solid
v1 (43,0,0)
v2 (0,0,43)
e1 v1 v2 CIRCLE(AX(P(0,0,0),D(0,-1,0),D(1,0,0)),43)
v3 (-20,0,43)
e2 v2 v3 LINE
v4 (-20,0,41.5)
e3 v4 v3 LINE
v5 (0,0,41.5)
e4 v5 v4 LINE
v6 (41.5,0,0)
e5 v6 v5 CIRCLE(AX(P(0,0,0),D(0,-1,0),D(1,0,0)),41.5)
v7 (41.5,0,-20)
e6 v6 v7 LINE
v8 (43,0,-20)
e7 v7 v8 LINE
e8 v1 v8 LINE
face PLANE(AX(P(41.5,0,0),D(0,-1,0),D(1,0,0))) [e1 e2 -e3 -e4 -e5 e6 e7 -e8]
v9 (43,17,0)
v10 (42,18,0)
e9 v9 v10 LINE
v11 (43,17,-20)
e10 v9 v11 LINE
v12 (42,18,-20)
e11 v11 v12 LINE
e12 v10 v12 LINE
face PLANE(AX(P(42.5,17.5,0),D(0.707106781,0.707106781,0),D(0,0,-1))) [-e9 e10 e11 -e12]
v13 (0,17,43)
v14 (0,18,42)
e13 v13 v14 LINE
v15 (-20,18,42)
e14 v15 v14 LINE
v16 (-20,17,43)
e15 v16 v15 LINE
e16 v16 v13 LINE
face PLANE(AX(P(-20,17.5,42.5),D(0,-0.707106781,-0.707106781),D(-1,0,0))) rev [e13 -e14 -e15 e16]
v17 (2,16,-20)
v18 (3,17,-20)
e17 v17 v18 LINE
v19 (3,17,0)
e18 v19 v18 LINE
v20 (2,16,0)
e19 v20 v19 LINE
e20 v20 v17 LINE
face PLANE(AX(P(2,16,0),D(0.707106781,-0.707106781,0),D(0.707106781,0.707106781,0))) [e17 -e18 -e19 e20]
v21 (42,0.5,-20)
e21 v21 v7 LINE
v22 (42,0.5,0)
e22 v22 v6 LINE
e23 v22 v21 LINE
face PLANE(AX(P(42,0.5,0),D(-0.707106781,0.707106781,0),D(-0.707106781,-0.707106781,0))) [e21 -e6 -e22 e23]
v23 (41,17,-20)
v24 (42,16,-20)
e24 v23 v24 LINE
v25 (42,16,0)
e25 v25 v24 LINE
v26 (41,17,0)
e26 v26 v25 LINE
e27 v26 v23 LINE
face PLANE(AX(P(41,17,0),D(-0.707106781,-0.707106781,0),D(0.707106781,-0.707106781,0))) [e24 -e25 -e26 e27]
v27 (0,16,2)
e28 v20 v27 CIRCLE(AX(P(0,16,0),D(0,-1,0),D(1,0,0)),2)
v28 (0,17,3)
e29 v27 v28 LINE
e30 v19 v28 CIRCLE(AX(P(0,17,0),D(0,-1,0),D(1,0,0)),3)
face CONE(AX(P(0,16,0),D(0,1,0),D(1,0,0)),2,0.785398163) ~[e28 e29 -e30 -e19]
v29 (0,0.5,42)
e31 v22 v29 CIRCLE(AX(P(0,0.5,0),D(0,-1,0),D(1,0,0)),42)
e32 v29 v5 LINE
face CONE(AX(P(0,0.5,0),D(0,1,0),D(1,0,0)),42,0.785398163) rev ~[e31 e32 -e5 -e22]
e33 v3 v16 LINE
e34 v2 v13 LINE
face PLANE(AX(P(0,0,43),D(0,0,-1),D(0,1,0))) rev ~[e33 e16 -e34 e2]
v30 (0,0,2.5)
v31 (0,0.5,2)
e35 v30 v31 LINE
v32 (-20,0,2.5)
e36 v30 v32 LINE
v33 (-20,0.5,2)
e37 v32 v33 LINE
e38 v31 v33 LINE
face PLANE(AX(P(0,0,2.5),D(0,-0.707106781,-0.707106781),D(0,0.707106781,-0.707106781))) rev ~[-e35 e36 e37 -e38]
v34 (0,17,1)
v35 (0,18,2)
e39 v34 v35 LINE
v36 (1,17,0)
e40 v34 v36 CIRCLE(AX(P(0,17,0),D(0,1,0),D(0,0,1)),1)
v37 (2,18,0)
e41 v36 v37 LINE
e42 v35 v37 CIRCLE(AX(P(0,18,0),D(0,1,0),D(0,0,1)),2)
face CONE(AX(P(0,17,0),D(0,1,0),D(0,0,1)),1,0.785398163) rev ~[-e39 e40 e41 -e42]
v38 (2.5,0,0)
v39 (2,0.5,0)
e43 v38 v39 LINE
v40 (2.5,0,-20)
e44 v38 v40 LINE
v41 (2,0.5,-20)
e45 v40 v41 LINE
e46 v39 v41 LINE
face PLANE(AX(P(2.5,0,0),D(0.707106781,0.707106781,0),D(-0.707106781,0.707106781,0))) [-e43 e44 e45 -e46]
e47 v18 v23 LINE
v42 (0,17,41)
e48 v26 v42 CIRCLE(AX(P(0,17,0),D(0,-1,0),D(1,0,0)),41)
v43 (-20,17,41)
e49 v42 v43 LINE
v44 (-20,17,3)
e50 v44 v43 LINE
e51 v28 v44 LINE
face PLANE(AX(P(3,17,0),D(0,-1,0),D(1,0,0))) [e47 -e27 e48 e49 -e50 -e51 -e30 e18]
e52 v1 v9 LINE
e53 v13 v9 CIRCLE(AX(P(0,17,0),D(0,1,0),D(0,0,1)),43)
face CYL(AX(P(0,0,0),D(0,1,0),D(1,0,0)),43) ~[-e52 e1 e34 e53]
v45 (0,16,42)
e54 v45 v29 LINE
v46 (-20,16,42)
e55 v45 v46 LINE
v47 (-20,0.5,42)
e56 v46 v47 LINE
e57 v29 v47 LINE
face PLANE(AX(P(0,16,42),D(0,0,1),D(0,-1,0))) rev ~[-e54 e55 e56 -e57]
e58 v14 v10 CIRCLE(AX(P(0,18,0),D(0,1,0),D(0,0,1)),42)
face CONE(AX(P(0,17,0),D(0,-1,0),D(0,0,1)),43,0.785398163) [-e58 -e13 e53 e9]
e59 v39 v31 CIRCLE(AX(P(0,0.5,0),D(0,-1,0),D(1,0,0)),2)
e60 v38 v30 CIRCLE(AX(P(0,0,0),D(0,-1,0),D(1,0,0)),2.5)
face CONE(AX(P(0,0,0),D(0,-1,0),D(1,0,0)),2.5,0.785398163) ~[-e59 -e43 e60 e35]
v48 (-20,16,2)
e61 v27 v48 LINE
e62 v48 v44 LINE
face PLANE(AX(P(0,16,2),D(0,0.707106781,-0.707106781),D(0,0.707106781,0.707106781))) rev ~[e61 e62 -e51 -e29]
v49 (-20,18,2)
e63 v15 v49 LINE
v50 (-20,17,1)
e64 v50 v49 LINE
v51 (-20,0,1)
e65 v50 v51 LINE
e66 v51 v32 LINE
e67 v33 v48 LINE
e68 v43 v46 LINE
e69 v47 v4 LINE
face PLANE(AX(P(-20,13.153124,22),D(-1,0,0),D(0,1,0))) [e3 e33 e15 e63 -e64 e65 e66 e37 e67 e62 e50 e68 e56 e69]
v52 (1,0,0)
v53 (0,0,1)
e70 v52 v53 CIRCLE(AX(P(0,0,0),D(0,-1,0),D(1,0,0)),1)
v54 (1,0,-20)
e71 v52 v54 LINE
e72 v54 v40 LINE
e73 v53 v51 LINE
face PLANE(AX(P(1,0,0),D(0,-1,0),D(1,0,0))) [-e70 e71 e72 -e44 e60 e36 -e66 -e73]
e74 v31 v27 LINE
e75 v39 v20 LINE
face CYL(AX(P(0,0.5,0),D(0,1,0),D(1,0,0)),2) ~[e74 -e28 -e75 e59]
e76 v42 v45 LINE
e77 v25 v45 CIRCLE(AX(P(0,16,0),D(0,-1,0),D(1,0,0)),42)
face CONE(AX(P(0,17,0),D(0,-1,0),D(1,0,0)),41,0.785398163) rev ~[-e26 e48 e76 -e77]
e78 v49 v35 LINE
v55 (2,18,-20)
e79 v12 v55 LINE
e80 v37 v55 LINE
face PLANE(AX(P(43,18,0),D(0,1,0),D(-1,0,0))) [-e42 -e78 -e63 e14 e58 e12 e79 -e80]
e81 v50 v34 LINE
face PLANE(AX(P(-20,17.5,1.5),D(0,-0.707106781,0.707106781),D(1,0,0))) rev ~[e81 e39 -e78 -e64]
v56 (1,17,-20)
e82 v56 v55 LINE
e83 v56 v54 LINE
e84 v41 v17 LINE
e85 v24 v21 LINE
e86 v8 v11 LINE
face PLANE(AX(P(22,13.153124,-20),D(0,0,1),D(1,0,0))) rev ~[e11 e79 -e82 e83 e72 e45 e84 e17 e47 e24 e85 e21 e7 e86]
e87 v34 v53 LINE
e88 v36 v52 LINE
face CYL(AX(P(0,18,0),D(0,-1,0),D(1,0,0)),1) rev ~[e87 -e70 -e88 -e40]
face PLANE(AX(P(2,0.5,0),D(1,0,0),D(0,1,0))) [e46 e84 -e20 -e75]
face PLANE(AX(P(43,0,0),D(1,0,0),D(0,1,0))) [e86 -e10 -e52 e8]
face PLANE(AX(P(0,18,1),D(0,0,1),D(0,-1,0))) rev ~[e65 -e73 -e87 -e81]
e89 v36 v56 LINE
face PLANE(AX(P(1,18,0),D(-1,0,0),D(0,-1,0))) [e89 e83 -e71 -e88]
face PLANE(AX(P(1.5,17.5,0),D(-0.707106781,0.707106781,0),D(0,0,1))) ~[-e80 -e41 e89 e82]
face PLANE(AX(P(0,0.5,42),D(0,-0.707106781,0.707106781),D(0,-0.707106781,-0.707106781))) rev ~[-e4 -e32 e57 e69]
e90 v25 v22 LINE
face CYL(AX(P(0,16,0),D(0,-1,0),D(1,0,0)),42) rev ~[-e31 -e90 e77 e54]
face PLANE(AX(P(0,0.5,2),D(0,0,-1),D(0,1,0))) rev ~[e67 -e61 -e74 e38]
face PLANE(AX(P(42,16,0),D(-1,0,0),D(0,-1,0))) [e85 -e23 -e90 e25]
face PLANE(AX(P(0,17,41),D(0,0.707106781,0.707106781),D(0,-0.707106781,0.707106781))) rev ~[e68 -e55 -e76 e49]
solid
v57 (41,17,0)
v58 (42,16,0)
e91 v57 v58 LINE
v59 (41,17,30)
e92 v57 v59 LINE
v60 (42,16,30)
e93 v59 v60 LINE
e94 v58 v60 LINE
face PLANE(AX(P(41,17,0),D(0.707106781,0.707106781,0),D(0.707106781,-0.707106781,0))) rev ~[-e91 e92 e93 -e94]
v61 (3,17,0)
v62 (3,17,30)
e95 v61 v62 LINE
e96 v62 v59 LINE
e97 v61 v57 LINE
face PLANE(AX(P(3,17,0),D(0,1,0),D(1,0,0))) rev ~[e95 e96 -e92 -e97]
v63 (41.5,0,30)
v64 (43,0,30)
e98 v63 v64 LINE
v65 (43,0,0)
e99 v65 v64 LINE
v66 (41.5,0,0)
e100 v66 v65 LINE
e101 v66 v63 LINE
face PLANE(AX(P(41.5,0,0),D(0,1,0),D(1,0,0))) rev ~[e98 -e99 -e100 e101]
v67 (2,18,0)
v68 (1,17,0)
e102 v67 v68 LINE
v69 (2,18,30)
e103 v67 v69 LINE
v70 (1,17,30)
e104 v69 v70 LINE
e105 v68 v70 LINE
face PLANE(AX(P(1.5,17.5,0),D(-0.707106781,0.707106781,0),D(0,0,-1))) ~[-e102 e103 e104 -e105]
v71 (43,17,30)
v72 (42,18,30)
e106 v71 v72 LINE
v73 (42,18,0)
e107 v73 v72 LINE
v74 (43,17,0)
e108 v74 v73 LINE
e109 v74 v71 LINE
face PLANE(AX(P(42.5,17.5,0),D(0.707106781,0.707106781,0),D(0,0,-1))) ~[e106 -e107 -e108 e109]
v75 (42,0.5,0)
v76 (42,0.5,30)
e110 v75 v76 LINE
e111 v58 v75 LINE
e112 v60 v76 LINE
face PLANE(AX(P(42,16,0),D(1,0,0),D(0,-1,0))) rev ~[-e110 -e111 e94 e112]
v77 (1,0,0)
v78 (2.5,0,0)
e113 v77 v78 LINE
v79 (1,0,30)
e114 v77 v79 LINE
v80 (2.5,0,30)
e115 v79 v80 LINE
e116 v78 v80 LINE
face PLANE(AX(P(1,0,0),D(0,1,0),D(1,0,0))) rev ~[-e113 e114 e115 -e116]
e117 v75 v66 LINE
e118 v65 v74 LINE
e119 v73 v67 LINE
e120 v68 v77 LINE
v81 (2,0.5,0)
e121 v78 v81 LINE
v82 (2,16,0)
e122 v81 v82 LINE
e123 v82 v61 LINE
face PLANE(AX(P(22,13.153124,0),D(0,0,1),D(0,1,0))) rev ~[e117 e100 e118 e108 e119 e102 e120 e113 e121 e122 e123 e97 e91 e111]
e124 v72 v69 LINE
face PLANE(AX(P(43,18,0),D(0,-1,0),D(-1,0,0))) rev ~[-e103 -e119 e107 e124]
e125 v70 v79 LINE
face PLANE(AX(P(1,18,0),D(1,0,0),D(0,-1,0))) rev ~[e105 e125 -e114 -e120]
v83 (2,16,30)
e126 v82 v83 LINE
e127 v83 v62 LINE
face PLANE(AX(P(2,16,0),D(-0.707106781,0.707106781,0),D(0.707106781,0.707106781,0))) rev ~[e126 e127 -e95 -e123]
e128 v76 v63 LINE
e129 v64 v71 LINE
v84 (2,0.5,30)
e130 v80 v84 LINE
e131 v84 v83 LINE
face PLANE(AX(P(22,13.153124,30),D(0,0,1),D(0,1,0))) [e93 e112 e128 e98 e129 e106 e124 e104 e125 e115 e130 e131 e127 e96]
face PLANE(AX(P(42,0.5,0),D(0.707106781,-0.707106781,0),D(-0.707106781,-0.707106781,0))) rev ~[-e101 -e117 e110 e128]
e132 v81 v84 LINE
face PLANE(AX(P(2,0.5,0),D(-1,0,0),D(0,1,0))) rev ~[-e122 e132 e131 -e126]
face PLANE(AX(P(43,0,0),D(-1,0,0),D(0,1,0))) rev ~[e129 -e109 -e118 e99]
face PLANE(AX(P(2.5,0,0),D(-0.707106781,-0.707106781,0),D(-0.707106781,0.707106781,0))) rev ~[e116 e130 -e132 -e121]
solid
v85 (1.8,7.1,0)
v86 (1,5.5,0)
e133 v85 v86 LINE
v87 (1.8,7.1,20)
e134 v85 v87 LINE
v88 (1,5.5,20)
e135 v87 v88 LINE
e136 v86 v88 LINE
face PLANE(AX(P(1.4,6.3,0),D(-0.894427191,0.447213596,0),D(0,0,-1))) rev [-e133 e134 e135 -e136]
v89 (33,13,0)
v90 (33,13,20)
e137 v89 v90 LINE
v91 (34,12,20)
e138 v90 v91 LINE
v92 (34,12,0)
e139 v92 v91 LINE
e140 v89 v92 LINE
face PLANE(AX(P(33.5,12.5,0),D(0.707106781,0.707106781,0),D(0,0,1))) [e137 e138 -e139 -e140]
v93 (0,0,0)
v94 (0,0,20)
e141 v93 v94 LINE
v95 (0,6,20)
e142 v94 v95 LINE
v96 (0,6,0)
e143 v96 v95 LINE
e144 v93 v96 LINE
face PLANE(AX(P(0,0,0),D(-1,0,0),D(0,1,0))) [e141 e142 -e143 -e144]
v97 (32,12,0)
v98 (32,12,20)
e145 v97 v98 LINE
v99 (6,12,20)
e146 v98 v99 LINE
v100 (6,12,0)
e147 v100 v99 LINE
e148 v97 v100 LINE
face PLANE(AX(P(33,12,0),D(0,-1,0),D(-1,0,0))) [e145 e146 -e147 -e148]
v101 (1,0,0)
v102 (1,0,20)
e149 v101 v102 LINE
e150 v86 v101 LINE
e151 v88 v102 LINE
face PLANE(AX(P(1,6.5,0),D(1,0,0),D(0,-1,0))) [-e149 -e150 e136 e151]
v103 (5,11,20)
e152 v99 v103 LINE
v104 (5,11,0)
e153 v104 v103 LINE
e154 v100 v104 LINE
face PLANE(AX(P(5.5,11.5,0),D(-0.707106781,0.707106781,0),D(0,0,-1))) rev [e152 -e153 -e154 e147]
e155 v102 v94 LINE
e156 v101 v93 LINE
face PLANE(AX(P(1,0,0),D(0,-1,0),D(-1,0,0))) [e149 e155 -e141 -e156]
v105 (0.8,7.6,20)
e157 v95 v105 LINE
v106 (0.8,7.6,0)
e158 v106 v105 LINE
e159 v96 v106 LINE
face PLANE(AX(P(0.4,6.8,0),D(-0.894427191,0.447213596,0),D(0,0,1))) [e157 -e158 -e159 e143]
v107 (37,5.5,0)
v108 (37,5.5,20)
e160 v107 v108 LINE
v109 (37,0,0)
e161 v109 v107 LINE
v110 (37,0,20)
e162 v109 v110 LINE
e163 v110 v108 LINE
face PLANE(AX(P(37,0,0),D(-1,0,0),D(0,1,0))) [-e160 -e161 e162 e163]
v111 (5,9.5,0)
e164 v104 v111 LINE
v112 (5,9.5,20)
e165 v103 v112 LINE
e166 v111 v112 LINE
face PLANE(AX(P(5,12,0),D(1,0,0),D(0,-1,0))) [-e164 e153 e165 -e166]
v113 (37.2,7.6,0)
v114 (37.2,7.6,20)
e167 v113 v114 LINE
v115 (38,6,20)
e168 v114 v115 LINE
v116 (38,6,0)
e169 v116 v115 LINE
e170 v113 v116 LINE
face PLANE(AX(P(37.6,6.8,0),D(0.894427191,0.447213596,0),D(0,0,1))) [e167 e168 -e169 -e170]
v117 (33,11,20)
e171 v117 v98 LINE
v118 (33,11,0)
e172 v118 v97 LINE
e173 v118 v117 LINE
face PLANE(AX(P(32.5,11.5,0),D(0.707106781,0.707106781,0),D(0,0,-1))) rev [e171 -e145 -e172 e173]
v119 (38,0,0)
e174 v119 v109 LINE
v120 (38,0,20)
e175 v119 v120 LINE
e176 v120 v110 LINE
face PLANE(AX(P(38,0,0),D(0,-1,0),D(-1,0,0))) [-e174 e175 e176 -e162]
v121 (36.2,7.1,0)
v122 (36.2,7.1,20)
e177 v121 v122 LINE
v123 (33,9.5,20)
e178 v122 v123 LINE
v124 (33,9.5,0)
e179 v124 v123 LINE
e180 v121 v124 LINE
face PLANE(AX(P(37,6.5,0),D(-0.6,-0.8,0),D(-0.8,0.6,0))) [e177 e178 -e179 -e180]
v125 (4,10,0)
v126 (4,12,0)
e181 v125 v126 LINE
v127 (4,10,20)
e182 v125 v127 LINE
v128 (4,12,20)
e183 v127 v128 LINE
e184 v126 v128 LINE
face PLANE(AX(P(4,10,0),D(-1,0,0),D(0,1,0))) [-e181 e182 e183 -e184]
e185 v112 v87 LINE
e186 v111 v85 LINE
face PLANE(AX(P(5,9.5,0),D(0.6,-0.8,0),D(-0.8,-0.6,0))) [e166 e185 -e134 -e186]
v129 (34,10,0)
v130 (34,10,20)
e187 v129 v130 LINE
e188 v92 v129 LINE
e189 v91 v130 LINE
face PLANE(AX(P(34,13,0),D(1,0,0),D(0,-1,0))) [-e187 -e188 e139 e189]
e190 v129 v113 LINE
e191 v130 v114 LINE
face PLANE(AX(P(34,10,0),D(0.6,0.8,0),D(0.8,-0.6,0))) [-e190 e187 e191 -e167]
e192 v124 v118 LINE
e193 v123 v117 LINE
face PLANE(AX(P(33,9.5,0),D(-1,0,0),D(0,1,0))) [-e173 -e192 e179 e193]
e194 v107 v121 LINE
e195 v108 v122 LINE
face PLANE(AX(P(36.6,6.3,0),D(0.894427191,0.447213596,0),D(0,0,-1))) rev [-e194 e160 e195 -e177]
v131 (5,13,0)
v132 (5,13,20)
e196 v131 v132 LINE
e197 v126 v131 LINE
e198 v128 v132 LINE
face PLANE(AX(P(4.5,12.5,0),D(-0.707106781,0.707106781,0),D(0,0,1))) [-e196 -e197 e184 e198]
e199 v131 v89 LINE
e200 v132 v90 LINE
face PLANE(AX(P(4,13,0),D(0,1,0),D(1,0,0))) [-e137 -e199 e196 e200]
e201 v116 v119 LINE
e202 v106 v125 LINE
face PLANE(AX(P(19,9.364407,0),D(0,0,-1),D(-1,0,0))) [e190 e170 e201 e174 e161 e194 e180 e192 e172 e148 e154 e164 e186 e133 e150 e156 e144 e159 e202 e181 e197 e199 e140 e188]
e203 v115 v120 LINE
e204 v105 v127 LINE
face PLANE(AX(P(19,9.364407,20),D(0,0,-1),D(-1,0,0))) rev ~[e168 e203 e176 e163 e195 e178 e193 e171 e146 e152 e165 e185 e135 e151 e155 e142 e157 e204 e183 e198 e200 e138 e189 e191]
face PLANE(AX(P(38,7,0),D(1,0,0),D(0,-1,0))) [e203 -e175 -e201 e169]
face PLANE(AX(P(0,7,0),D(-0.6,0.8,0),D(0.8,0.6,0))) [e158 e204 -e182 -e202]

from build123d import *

# Parameters (mm, degrees)
PAD_DEPTH        = 20
CHAMFER_SIZE     = 1
REVOLUTION_ANGLE = -90
PAD001_DEPTH     = 20
PAD002_DEPTH     = 20
CHAMFER001_SIZE  = 1
PAD003_DEPTH     = 30
CHAMFER002_SIZE  = 1


with BuildPart() as clampbody:
    # Sketch → Pad (new body)
    with BuildSketch(Plane.XY):
        Polygon((0, 0), (0, 7), (4, 10), (4, 13), (34, 13), (34, 10), (38, 7), (38, 0), (37, 0), (37, 6.5), (33, 9.5), (33, 12), (5, 12), (5, 9.5), (1, 6.5), (1, 0), align=None)
    extrude(amount=PAD_DEPTH)

    # Chamfer
    chamfer_edges = [clampbody.edges().sort_by_distance(p)[0] for p in [
        (4, 13, 10),
        (0, 7, 10),
        (34, 13, 10),
        (38, 7, 10),
        (1, 6.5, 10),
        (5, 12, 10),
        (33, 12, 10),
        (37, 6.5, 10),
    ]]
    chamfer(chamfer_edges, length=CHAMFER_SIZE)


with BuildPart() as sidecornerbody:
    # Sketch001 → Revolution (revolve)
    with BuildSketch(Plane.XY):
        Polygon((2.5, 0), (2, 0.5), (2, 16), (3, 17), (41, 17), (42, 16), (42, 0.5), (41.5, 0), (43, 0), (43, 18), (1, 18), (1, 0), align=None)
    revolve(axis=Axis((0, 0, 0), (0, 1, 0)), revolution_arc=REVOLUTION_ANGLE)

    # Binder → Pad001 (new body)
    with BuildSketch(Plane(origin=(0, 13.471953, 22), x_dir=(0, 1, 0), z_dir=(-1, 0, 0))):
        Polygon((3.528047, 19), (3.528047, -19), (2.528047, -20), (-12.971953, -20), (-13.471953, -19.5), (-13.471953, -21), (4.528047, -21), (4.528047, 21), (-13.471953, 21), (-13.471953, 19.5), (-12.971953, 20), (2.528047, 20), align=None)
    extrude(amount=PAD001_DEPTH)

    # Sketch001 → Pad002 (join)
    with BuildSketch(Plane.XY):
        Polygon((2.5, 0), (2, 0.5), (2, 16), (3, 17), (41, 17), (42, 16), (42, 0.5), (41.5, 0), (43, 0), (43, 18), (1, 18), (1, 0), align=None)
    extrude(amount=-PAD002_DEPTH)

    # Chamfer001
    chamfer001_edges = [sidecornerbody.edges().sort_by_distance(p)[0] for p in [
        (43, 18, -10),
        (1, 18, -10),
    ]]
    chamfer(chamfer001_edges, length=CHAMFER001_SIZE)


with BuildPart() as connectorbody:
    # Binder001 → Pad003 (new body)
    with BuildSketch(Plane(origin=(22, 13.471953, 0), x_dir=(0, 1, 0), z_dir=(0, 0, 1))):
        Polygon((3.528047, 19), (3.528047, -19), (2.528047, -20), (-12.971953, -20), (-13.471953, -19.5), (-13.471953, -21), (4.528047, -21), (4.528047, 21), (-13.471953, 21), (-13.471953, 19.5), (-12.971953, 20), (2.528047, 20), align=None)
    extrude(amount=PAD003_DEPTH)

    # Chamfer002
    chamfer002_edges = [connectorbody.edges().sort_by_distance(p)[0] for p in [
        (1, 18, 15),
        (43, 18, 15),
    ]]
    chamfer(chamfer002_edges, length=CHAMFER002_SIZE)


solid = Compound([clampbody.part, sidecornerbody.part, connectorbody.part])
